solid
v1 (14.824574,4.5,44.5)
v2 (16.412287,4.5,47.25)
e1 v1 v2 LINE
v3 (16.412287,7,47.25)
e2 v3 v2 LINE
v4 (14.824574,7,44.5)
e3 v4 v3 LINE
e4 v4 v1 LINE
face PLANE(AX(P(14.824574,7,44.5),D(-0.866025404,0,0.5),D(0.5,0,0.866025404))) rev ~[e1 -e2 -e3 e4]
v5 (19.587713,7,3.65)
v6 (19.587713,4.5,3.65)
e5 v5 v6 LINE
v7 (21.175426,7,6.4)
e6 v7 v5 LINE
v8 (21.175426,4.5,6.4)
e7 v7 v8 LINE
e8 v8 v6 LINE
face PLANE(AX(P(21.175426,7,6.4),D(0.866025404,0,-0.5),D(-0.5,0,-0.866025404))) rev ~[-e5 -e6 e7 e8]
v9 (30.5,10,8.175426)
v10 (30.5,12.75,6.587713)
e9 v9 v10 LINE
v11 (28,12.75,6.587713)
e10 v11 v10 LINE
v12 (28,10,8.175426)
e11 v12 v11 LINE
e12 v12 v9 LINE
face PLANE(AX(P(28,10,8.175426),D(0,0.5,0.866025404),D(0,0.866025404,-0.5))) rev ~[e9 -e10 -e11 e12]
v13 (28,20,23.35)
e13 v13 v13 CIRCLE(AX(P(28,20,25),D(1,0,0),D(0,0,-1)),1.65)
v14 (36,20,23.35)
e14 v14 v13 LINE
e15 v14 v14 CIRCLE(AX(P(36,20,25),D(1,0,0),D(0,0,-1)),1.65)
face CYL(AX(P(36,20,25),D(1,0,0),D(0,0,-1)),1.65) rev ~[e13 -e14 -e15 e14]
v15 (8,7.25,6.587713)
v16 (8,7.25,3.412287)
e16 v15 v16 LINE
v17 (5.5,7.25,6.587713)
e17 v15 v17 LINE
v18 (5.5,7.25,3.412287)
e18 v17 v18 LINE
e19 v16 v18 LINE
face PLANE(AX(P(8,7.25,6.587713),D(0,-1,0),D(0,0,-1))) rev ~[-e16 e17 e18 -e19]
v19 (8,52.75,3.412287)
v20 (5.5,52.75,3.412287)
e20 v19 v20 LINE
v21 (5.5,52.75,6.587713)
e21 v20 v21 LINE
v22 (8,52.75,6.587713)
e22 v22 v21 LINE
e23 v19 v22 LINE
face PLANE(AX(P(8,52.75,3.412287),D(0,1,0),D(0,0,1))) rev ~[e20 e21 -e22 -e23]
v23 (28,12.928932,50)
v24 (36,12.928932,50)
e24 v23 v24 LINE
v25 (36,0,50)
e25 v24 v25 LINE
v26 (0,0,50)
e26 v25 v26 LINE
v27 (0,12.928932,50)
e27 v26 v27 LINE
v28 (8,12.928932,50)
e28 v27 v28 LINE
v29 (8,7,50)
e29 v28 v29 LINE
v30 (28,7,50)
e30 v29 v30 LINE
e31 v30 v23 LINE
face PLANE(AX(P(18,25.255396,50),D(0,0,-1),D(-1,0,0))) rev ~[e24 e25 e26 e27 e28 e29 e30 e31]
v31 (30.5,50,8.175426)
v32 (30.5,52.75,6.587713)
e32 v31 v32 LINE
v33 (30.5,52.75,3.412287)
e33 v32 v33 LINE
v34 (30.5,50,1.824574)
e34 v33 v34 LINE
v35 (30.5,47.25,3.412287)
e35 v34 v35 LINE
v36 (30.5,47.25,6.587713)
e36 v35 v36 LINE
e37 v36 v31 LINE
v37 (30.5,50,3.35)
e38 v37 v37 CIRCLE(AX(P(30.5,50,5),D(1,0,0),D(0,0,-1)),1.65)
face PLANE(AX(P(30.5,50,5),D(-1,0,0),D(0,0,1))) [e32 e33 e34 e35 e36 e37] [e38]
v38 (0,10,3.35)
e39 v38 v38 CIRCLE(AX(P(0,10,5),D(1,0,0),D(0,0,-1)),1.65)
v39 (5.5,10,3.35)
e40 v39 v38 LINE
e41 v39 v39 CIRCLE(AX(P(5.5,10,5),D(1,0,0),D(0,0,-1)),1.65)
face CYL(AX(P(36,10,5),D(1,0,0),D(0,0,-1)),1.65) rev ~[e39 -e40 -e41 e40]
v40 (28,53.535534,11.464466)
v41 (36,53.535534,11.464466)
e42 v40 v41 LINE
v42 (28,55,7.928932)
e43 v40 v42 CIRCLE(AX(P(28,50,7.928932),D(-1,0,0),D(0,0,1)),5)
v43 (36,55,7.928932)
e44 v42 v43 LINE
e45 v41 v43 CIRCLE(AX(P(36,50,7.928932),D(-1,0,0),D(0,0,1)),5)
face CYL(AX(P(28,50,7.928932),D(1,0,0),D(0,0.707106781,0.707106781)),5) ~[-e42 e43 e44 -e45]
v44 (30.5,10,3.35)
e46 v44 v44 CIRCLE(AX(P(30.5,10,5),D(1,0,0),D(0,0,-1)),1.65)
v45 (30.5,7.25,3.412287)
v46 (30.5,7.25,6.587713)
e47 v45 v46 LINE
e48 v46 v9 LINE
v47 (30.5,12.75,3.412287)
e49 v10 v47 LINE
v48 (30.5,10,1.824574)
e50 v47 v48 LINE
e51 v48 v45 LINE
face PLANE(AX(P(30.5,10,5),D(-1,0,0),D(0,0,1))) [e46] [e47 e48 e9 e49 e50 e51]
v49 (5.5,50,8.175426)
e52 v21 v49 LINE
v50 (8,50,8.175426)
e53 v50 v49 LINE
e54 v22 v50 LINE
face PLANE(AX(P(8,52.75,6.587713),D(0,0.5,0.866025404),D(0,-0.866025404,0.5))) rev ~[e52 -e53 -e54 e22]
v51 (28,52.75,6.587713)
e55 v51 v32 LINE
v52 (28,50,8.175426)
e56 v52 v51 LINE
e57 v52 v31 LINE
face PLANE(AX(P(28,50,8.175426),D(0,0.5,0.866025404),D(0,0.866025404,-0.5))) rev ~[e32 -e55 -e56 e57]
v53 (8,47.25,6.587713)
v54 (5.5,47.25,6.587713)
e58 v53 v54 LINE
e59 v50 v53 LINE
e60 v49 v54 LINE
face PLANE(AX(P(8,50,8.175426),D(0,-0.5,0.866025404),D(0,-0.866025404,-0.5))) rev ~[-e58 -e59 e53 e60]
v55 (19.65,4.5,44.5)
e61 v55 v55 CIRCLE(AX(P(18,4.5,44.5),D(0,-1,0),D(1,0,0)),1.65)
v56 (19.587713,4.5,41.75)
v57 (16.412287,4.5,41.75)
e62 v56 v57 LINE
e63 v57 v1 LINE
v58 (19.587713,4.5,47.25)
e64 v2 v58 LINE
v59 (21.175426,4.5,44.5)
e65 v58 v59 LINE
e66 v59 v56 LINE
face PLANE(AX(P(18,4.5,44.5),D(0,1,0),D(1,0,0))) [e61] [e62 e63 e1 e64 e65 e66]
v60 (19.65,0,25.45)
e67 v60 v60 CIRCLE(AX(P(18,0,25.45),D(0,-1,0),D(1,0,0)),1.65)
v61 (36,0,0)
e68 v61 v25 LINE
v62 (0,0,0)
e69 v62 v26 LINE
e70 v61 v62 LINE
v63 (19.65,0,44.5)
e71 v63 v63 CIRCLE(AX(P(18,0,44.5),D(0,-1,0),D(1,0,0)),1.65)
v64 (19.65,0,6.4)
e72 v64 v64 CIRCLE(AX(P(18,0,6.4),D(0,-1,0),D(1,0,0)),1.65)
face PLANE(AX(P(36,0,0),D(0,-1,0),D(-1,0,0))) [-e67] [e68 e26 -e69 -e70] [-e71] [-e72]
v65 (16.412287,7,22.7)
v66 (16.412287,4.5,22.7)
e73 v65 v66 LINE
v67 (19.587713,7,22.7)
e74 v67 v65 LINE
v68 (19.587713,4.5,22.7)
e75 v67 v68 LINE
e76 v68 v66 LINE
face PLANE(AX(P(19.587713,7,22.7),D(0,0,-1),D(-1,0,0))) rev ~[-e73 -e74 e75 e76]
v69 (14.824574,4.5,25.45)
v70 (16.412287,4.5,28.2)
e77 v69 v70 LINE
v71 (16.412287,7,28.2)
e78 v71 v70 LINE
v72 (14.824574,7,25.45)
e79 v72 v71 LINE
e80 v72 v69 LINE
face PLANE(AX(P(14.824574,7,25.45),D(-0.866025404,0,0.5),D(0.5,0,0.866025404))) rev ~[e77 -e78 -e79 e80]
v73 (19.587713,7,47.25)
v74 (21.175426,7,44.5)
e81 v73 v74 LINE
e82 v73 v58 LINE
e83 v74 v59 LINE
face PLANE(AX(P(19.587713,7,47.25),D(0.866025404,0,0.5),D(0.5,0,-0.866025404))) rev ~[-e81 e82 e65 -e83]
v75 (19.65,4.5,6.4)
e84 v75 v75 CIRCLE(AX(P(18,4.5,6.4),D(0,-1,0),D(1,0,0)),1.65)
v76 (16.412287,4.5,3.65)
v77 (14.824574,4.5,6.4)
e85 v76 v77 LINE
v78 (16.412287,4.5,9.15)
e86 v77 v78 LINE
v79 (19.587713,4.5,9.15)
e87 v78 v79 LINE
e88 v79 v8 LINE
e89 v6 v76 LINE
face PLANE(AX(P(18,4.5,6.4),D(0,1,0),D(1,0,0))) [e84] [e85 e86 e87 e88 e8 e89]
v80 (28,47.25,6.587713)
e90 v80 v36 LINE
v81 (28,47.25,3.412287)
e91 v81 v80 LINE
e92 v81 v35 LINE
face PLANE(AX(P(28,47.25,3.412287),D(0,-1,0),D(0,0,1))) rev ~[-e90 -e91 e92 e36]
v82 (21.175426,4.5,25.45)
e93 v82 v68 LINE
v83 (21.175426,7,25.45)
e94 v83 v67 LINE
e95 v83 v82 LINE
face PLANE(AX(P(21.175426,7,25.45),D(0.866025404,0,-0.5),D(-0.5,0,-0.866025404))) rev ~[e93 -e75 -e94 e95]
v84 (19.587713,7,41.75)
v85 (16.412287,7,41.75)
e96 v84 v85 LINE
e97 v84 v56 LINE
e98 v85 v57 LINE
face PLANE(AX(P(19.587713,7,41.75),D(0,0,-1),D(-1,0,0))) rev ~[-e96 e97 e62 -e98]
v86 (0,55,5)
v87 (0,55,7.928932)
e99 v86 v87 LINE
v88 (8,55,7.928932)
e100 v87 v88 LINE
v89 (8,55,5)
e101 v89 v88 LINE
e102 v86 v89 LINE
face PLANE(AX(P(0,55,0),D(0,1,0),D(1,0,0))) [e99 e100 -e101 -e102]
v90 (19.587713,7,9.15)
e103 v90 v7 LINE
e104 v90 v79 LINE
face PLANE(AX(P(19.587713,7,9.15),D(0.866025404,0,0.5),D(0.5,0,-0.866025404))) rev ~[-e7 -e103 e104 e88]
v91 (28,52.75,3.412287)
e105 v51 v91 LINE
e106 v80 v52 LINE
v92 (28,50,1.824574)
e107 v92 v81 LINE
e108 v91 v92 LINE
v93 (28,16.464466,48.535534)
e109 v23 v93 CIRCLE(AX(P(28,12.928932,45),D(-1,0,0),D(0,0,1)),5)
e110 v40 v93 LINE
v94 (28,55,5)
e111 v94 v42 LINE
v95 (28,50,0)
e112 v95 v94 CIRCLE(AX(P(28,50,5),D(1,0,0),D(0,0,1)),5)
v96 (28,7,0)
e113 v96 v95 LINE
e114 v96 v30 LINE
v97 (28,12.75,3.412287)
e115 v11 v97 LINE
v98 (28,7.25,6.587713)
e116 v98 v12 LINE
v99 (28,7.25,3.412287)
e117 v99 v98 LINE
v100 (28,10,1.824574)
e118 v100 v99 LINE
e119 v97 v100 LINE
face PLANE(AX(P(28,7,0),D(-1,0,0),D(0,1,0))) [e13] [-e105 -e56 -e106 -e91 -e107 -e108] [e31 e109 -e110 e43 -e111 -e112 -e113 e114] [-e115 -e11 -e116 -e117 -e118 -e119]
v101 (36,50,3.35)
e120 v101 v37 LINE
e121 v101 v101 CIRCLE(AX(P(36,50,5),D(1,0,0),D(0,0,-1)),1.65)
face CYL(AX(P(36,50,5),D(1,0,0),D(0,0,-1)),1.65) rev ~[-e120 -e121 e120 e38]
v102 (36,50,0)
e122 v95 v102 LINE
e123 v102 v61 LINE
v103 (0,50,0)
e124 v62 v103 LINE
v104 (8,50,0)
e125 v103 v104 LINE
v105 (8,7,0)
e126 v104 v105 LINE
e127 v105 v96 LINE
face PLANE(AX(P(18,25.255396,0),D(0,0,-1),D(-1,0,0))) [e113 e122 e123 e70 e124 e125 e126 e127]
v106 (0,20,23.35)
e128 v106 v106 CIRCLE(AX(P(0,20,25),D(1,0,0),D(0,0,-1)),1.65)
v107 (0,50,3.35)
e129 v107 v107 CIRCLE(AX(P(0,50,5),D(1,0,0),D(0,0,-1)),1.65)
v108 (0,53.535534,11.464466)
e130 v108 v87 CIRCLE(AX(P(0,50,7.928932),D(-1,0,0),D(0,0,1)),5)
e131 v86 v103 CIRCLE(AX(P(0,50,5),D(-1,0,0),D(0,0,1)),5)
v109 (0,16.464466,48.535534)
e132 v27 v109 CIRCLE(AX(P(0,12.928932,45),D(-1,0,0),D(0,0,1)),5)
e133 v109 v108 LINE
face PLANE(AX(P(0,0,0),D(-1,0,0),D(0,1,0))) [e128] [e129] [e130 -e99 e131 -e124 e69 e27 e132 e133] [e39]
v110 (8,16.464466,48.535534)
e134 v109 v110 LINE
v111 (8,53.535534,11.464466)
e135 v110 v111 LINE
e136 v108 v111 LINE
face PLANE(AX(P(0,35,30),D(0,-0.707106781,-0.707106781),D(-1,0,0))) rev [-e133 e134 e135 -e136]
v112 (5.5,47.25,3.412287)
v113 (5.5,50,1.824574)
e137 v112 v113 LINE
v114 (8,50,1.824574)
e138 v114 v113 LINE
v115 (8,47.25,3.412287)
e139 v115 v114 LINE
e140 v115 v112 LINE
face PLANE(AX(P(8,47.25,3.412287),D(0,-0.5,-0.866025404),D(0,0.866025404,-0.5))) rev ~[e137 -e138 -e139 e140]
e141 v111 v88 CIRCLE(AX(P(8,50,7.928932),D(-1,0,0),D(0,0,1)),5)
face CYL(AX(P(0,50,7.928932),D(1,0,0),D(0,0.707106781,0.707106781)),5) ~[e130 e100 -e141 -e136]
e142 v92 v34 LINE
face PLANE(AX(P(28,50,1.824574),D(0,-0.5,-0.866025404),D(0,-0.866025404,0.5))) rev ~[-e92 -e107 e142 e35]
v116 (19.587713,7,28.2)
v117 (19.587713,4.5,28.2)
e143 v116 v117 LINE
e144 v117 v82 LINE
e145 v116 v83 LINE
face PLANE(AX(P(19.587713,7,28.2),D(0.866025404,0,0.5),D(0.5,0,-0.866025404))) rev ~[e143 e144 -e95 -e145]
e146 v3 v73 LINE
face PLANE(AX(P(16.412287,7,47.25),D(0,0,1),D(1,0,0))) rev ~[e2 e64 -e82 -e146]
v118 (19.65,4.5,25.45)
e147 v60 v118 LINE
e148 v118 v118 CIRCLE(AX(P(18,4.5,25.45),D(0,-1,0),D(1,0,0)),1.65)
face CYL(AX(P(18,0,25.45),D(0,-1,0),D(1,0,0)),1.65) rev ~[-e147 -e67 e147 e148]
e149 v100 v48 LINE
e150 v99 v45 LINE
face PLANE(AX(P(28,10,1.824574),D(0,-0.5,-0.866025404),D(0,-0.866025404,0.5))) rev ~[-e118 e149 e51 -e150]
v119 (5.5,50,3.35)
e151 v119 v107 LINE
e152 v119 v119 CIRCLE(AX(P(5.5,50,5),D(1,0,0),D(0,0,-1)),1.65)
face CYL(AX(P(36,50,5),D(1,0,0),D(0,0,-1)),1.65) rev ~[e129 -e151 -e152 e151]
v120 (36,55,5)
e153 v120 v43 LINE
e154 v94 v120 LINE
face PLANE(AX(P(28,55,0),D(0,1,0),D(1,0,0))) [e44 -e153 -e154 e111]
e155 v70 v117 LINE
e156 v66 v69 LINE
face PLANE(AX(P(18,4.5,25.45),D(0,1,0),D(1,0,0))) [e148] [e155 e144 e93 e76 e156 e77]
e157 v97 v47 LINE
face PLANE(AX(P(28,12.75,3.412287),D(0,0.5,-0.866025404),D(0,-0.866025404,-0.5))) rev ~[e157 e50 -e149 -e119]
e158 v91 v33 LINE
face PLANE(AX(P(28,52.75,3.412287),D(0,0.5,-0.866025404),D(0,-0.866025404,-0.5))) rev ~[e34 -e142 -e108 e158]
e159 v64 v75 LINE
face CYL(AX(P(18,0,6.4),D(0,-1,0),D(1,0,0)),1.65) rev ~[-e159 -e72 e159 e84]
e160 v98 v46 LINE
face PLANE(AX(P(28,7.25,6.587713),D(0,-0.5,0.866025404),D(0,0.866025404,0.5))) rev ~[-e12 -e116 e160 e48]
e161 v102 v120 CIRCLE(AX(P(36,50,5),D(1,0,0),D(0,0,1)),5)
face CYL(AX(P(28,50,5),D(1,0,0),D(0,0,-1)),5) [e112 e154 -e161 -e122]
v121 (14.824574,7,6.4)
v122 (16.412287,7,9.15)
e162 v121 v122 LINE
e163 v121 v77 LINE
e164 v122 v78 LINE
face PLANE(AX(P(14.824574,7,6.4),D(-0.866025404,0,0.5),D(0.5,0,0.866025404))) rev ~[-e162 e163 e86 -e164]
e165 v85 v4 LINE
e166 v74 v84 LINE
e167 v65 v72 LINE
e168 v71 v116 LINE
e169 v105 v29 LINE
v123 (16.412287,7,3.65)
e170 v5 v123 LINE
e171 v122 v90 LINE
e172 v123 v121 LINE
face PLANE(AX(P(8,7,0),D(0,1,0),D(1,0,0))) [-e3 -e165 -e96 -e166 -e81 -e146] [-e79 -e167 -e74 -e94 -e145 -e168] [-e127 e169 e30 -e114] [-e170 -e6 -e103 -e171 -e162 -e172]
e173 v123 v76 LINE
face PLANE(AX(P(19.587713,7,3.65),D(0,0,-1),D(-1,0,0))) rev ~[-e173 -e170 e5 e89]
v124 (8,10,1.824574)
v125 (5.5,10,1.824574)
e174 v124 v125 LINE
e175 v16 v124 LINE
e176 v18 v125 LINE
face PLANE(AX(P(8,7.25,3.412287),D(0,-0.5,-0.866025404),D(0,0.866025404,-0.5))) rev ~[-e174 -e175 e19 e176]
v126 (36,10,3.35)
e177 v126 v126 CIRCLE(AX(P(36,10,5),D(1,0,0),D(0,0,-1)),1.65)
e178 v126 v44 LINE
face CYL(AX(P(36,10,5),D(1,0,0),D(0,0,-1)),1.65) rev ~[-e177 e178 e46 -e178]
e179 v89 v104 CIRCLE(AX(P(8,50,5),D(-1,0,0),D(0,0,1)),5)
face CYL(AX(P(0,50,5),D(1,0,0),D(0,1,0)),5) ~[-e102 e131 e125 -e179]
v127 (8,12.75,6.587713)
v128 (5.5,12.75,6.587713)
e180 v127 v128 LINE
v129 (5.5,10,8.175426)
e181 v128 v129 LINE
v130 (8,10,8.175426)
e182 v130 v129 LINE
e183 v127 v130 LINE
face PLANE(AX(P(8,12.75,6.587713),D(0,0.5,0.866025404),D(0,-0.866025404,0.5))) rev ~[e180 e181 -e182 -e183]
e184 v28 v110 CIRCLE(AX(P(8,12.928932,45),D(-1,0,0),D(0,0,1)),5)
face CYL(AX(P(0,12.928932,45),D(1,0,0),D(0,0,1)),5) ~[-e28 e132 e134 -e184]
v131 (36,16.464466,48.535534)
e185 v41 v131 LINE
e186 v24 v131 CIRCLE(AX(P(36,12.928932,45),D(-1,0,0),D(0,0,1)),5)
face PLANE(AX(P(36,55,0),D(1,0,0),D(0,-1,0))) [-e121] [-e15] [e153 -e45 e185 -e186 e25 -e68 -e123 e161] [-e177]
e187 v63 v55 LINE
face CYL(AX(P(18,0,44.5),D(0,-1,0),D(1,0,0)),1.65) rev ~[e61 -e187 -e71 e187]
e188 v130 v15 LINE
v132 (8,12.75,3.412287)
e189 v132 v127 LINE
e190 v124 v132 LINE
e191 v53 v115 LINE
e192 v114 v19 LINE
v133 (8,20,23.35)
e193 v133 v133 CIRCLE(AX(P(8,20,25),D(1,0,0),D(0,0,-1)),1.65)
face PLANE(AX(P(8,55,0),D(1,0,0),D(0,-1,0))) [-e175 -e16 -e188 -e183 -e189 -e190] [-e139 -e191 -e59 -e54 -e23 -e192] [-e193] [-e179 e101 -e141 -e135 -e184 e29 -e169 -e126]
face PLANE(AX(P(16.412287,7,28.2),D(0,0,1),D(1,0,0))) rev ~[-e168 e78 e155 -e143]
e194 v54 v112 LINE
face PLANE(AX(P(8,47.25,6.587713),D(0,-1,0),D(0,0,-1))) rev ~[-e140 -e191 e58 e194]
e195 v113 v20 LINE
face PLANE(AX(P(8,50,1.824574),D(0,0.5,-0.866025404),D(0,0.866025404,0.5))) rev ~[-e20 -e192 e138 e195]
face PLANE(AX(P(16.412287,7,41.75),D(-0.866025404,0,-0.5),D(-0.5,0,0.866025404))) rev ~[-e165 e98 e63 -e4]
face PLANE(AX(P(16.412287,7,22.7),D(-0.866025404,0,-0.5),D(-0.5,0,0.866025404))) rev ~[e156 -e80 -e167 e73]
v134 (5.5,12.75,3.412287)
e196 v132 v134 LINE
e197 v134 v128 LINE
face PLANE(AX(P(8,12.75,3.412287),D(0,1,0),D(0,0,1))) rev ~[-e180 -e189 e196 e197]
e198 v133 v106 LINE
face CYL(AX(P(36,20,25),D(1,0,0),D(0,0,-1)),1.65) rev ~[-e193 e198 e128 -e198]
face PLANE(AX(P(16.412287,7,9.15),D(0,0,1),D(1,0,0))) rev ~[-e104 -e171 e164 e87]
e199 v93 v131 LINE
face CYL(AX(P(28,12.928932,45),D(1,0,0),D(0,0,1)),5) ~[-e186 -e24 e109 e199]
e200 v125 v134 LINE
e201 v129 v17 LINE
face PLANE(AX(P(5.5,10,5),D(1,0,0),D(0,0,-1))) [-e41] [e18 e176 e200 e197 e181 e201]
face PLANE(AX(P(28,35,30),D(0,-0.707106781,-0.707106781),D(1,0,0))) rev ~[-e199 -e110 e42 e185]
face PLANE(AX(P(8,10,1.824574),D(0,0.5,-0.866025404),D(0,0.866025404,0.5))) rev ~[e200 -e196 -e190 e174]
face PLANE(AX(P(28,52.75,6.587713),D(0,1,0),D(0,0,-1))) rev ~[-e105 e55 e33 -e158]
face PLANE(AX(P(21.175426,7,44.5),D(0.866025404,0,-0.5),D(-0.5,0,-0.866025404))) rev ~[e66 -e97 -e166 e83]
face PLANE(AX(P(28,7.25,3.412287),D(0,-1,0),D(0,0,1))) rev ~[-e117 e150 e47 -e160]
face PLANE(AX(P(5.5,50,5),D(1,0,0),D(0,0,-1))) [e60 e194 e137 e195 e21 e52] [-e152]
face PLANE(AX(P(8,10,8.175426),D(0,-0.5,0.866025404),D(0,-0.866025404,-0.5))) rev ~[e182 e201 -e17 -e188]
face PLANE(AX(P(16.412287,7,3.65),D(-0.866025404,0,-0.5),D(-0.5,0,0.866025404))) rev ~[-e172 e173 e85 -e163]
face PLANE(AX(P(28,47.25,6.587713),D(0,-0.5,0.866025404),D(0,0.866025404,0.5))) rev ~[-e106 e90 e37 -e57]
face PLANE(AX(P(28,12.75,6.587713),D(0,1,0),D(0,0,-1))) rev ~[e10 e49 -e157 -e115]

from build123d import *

# Parameters (mm, degrees)
P_IDAT_VYSUNUT_M1_DEPTH  = 50
ZKOSEN_1_SIZE            = 40
ZKOSEN_2_SIZE            = 40
SKICA2_R                 = 1.65
ODEBRAT_VYSUNUT_M1_DEPTH = 37
ZAOBLIT1_R               = 5
ODEBRAT_VYSUNUT_M2_DEPTH = 2.5
ODEBRAT_VYSUNUT_M3_DEPTH = 2.5
SKICA7_R                 = 1.65
ODEBRAT_VYSUNUT_M4_DEPTH = 56
ODEBRAT_VYSUNUT_M5_DEPTH = 2.5


with BuildPart() as part:
    # Skica1 → Přidat vysunutím1 (new body)
    with BuildSketch(Plane.XY):
        Polygon((0, 0), (0, 55), (8, 55), (8, 7), (28, 7), (28, 55), (36, 55), (36, 0), align=None)
    extrude(amount=P_IDAT_VYSUNUT_M1_DEPTH)

    # Zkosení1
    zkosen_1_edges = [part.edges().sort_by_distance(p)[0] for p in [
        (32, 55, 50),
    ]]
    chamfer(zkosen_1_edges, length=ZKOSEN_1_SIZE)

    # Zkosení2
    zkosen_2_edges = [part.edges().sort_by_distance(p)[0] for p in [
        (4, 55, 50),
    ]]
    chamfer(zkosen_2_edges, length=ZKOSEN_2_SIZE)

    # Skica2 → Odebrat vysunutím1 (cut, through all)
    with BuildSketch(Plane(origin=(36, 0, 0), x_dir=(0, 0, -1), z_dir=(1, 0, 0))):
        with Locations((-5, 50)):
            Circle(SKICA2_R)
        with Locations((-5, 10)):
            Circle(SKICA2_R)
        with Locations((-25, 20)):
            Circle(SKICA2_R)
    extrude(amount=-ODEBRAT_VYSUNUT_M1_DEPTH, mode=Mode.SUBTRACT)

    # Zaoblit1
    zaoblit1_edges = [part.edges().sort_by_distance(p)[0] for p in [
        (32, 15, 50),
        (32, 55, 10),
        (4, 15, 50),
        (4, 55, 10),
        (4, 55, 0),
        (32, 55, 0),
    ]]
    fillet(zaoblit1_edges, radius=ZAOBLIT1_R)

    # Skica3 → Odebrat vysunutím2 (cut)
    with BuildSketch(Plane.ZY.offset(-28)):
        Polygon((6.58771324, 52.75), (3.41228676, 52.75), (1.824573519, 50), (3.41228676, 47.25), (6.58771324, 47.25), (8.175426481, 50), align=None)
        Polygon((6.58771324, 12.75), (3.41228676, 12.75), (1.824573519, 10), (3.41228676, 7.25), (6.58771324, 7.25), (8.175426481, 10), align=None)
    extrude(amount=-ODEBRAT_VYSUNUT_M2_DEPTH, mode=Mode.SUBTRACT)

    # Skica6 → Odebrat vysunutím3 (cut)
    with BuildSketch(Plane(origin=(8, 0, 0), x_dir=(0, 0, -1), z_dir=(1, 0, 0))):
        Polygon((-3.41228676, 52.75), (-6.58771324, 52.75), (-8.175426481, 50), (-6.58771324, 47.25), (-3.41228676, 47.25), (-1.824573519, 50), align=None)
        Polygon((-3.41228676, 12.75), (-6.58771324, 12.75), (-8.175426481, 10), (-6.58771324, 7.25), (-3.41228676, 7.25), (-1.824573519, 10), align=None)
    extrude(amount=-ODEBRAT_VYSUNUT_M3_DEPTH, mode=Mode.SUBTRACT)

    # Skica7 → Odebrat vysunutím4 (cut, through all)
    with BuildSketch(Plane.XZ):
        with Locations((18, 44.5)):
            Circle(SKICA7_R)
        with Locations((18, 25.45)):
            Circle(SKICA7_R)
        with Locations((18, 6.4)):
            Circle(SKICA7_R)
    extrude(amount=-ODEBRAT_VYSUNUT_M4_DEPTH, mode=Mode.SUBTRACT)

    # Skica8 → Odebrat vysunutím5 (cut)
    with BuildSketch(Plane(origin=(0, 7, 0), x_dir=(1, 0, 0), z_dir=(0, 1, 0))):
        Polygon((14.824573519, -6.4), (16.41228676, -9.15), (19.58771324, -9.15), (21.175426481, -6.4), (19.58771324, -3.65), (16.41228676, -3.65), align=None)
        Polygon((14.824573519, -25.45), (16.41228676, -28.2), (19.58771324, -28.2), (21.175426481, -25.45), (19.58771324, -22.7), (16.41228676, -22.7), align=None)
        Polygon((14.824573519, -44.5), (16.41228676, -47.25), (19.58771324, -47.25), (21.175426481, -44.5), (19.58771324, -41.75), (16.41228676, -41.75), align=None)
    extrude(amount=-ODEBRAT_VYSUNUT_M5_DEPTH, mode=Mode.SUBTRACT)


solid = part.part
